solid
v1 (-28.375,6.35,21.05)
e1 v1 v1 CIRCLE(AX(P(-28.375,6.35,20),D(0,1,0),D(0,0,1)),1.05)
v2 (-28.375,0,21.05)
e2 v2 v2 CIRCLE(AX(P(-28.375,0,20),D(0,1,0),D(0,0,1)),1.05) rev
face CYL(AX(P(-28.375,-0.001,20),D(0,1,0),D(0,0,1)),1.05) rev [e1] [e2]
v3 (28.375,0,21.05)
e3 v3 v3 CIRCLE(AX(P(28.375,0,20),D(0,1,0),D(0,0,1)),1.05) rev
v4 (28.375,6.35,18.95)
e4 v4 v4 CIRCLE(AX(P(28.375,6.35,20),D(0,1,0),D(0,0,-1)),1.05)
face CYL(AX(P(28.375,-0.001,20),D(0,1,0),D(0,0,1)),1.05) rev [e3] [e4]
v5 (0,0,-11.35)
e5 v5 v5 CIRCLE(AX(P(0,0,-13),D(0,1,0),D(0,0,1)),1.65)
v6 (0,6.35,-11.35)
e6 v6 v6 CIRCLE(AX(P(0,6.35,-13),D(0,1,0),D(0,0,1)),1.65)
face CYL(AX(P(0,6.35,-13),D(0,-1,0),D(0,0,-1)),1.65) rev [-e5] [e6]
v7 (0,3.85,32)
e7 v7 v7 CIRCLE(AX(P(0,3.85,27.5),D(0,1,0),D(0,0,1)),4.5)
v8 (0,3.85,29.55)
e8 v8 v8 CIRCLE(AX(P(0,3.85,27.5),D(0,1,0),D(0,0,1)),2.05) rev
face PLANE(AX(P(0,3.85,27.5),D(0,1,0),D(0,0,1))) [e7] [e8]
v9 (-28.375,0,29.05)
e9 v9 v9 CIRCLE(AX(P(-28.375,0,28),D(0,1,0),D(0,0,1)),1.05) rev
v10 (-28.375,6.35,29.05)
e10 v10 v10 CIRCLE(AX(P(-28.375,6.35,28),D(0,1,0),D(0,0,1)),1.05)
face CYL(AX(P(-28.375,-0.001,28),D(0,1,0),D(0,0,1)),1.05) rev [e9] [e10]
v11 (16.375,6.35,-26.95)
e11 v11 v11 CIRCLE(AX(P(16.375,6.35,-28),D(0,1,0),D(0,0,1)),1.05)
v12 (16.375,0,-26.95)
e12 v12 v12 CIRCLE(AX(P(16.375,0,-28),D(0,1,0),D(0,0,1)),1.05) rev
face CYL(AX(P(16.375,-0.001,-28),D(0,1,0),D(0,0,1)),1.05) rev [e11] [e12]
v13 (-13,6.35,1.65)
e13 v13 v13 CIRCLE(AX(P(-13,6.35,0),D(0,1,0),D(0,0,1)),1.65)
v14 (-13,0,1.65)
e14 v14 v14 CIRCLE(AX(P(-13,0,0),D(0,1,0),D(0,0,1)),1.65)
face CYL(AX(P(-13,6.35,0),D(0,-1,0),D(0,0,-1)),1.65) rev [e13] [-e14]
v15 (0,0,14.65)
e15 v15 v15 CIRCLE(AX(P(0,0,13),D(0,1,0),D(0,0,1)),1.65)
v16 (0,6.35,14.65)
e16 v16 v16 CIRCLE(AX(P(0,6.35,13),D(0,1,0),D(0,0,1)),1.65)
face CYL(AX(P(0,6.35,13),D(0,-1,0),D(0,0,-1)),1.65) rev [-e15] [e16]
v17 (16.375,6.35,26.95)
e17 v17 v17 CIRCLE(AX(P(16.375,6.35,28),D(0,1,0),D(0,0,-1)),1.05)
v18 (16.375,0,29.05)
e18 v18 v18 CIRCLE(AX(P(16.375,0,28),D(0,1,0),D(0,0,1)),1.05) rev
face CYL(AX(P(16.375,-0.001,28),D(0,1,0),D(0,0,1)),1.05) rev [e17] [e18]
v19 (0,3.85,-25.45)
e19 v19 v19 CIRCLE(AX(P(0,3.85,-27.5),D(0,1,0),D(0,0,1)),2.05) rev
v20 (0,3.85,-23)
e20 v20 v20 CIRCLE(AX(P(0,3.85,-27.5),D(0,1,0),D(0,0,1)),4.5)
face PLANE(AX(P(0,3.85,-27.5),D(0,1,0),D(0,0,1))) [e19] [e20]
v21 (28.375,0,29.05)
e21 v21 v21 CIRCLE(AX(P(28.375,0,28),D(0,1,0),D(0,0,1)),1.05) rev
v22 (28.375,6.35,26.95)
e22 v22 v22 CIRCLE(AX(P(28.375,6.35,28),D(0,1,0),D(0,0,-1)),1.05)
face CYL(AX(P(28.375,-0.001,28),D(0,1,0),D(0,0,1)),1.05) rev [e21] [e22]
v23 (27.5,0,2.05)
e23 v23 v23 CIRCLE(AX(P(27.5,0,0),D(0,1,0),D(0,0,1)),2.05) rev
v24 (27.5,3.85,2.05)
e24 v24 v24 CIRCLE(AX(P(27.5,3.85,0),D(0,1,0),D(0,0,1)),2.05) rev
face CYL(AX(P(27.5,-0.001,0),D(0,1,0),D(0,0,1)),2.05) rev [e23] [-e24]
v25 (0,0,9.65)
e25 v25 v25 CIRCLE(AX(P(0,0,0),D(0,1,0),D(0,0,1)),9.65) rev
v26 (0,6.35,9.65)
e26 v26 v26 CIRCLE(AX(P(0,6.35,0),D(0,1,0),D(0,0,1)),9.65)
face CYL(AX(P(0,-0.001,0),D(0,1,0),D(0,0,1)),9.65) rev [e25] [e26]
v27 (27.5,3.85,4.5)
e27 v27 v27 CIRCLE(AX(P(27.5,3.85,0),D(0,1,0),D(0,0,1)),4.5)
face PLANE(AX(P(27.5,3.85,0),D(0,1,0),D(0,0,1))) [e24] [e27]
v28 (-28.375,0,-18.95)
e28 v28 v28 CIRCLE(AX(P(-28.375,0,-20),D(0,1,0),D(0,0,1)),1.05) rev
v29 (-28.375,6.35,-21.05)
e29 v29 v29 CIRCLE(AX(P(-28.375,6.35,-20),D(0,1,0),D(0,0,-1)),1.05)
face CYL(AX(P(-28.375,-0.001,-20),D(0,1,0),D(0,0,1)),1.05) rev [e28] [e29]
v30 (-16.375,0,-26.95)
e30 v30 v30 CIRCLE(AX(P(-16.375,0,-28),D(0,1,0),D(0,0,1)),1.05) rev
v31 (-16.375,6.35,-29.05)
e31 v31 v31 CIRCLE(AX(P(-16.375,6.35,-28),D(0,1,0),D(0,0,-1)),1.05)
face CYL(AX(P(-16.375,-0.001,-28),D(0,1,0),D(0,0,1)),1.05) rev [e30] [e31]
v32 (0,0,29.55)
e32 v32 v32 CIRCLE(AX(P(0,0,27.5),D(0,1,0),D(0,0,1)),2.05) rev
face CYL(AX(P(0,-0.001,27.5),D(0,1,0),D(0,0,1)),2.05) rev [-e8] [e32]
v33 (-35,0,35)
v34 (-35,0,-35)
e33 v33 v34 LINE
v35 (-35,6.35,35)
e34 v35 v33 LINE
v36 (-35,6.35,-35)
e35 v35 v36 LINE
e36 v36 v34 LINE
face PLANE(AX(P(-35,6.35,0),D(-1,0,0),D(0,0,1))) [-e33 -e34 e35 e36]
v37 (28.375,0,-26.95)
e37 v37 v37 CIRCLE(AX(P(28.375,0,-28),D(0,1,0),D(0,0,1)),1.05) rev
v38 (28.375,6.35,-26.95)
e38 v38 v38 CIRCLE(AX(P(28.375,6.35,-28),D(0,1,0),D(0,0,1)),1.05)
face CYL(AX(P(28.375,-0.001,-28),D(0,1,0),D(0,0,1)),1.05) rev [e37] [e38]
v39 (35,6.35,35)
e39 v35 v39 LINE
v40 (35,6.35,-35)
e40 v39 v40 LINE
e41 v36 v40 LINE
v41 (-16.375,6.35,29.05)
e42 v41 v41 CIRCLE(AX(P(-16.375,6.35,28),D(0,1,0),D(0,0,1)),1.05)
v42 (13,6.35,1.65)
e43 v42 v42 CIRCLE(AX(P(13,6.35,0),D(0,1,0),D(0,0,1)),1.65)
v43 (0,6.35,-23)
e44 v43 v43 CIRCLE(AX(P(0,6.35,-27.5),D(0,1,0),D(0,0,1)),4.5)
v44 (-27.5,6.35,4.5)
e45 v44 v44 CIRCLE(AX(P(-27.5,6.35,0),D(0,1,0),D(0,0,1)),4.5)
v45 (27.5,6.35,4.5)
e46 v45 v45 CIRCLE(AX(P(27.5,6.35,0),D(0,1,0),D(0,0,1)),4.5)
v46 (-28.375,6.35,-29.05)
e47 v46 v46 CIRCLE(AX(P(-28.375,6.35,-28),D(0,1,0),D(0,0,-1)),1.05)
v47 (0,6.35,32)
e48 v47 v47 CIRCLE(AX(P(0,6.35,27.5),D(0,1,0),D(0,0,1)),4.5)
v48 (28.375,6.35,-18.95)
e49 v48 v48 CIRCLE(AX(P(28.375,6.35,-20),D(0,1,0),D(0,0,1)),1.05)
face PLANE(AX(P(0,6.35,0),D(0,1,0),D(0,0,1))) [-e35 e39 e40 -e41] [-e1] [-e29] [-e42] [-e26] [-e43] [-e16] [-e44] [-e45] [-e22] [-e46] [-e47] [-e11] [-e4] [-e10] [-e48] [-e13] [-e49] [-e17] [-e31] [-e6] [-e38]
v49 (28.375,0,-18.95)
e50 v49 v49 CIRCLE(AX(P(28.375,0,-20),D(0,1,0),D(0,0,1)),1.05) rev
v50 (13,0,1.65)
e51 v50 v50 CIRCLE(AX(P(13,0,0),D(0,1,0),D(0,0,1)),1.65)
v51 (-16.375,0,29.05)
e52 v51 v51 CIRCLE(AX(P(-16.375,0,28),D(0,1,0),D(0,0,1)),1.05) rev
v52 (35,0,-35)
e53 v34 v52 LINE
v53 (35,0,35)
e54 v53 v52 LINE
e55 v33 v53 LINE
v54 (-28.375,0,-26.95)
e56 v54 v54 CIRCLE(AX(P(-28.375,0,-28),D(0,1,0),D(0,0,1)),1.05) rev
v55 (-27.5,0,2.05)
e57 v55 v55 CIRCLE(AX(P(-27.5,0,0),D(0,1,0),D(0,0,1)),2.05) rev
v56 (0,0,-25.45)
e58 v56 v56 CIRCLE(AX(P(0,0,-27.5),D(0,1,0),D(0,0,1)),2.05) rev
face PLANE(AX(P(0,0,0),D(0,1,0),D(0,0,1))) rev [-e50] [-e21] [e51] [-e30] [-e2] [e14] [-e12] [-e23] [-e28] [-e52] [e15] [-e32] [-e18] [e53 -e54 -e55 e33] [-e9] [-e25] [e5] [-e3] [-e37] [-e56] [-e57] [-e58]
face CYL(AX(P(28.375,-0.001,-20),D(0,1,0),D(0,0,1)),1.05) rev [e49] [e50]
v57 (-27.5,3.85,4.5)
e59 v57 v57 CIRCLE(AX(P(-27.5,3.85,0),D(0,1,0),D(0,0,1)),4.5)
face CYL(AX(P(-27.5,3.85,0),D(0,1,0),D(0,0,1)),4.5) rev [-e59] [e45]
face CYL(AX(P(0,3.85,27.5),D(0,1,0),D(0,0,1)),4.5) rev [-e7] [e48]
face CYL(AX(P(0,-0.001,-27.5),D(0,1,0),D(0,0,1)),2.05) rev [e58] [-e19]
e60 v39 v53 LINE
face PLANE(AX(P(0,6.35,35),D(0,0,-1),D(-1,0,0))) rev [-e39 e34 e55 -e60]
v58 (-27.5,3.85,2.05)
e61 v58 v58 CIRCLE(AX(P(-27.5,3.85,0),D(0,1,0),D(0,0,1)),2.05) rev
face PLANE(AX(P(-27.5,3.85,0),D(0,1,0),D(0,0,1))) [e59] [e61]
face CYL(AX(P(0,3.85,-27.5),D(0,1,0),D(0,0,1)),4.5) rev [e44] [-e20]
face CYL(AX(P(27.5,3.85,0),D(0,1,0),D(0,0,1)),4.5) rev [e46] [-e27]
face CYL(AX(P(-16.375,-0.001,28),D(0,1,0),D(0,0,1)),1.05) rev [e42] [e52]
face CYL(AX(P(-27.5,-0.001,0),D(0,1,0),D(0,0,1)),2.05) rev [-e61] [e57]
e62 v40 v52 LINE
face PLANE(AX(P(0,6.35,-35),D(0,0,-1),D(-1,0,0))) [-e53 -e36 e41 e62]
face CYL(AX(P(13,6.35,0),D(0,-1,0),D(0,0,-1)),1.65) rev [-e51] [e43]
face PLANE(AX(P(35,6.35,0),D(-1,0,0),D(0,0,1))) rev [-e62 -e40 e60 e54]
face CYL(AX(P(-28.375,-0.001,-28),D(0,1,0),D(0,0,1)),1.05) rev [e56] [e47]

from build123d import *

# Parameters (mm, degrees)
SKETCH1_W           = 70
SKETCH1_H           = 70
SKETCH1_R           = 1.65
BOSS_EXTRUDE1_DEPTH = 6.35
CUT_EXTRUDE1_REACH  = 51.903
SKETCH2_R           = 1.05
CUT_EXTRUDE2_REACH  = 51.903
SKETCH3_R           = 9.65
CUT_EXTRUDE3_REACH  = 51.903
SKETCH4_R           = 2.05
SKETCH5_R           = 4.5
CUT_EXTRUDE4_DEPTH  = 2.5


with BuildPart() as part:
    # Sketch1 → Boss-Extrude1 (new body)
    with BuildSketch(Plane(origin=(0, 0, 0), x_dir=(1, 0, 0), z_dir=(0, 1, 0))):
        Rectangle(SKETCH1_W, SKETCH1_H)
        with Locations(Location((0, 13, 0), (0, 0, 270))):
            Circle(SKETCH1_R, mode=Mode.SUBTRACT)
        with Locations(Location((13, 0, 0), (0, 0, 270))):
            Circle(SKETCH1_R, mode=Mode.SUBTRACT)
        with Locations(Location((0, -13, 0), (0, 0, 270))):
            Circle(SKETCH1_R, mode=Mode.SUBTRACT)
        with Locations(Location((-13, 0, 0), (0, 0, 270))):
            Circle(SKETCH1_R, mode=Mode.SUBTRACT)
    extrude(amount=BOSS_EXTRUDE1_DEPTH)

    # Sketch2 → Cut-Extrude1 (cut, up to next)
    with BuildSketch(Plane(origin=(0, 6.35, 0), x_dir=(1, 0, 0), z_dir=(0, 1, 0)), mode=Mode.PRIVATE) as cut_extrude1_sk1:
        with Locations(Location((16.375, 28, 0), (0, 0, 270))):
            Circle(SKETCH2_R)
    cut_extrude1_tool1 = extrude(cut_extrude1_sk1.sketch, amount=-CUT_EXTRUDE1_REACH, mode=Mode.PRIVATE) & part.part
    # Sketch2 → Cut-Extrude1 (cut, up to next)
    with BuildSketch(Plane(origin=(0, 6.35, 0), x_dir=(1, 0, 0), z_dir=(0, 1, 0)), mode=Mode.PRIVATE) as cut_extrude1_sk2:
        with Locations(Location((28.375, 28, 0), (0, 0, 270))):
            Circle(SKETCH2_R)
    cut_extrude1_tool2 = extrude(cut_extrude1_sk2.sketch, amount=-CUT_EXTRUDE1_REACH, mode=Mode.PRIVATE) & part.part
    # Sketch2 → Cut-Extrude1 (cut, up to next)
    with BuildSketch(Plane(origin=(0, 6.35, 0), x_dir=(1, 0, 0), z_dir=(0, 1, 0)), mode=Mode.PRIVATE) as cut_extrude1_sk3:
        with Locations(Location((28.375, 20, 0), (0, 0, 270))):
            Circle(SKETCH2_R)
    cut_extrude1_tool3 = extrude(cut_extrude1_sk3.sketch, amount=-CUT_EXTRUDE1_REACH, mode=Mode.PRIVATE) & part.part
    # Sketch2 → Cut-Extrude1 (cut, up to next)
    with BuildSketch(Plane(origin=(0, 6.35, 0), x_dir=(1, 0, 0), z_dir=(0, 1, 0)), mode=Mode.PRIVATE) as cut_extrude1_sk4:
        with Locations(Location((-28.375, 20, 0), (0, 0, 270))):
            Circle(SKETCH2_R)
    cut_extrude1_tool4 = extrude(cut_extrude1_sk4.sketch, amount=-CUT_EXTRUDE1_REACH, mode=Mode.PRIVATE) & part.part
    # Sketch2 → Cut-Extrude1 (cut, up to next)
    with BuildSketch(Plane(origin=(0, 6.35, 0), x_dir=(1, 0, 0), z_dir=(0, 1, 0)), mode=Mode.PRIVATE) as cut_extrude1_sk5:
        with Locations(Location((-28.375, 28, 0), (0, 0, 270))):
            Circle(SKETCH2_R)
    cut_extrude1_tool5 = extrude(cut_extrude1_sk5.sketch, amount=-CUT_EXTRUDE1_REACH, mode=Mode.PRIVATE) & part.part
    # Sketch2 → Cut-Extrude1 (cut, up to next)
    with BuildSketch(Plane(origin=(0, 6.35, 0), x_dir=(1, 0, 0), z_dir=(0, 1, 0)), mode=Mode.PRIVATE) as cut_extrude1_sk6:
        with Locations(Location((-16.375, 28, 0), (0, 0, 270))):
            Circle(SKETCH2_R)
    cut_extrude1_tool6 = extrude(cut_extrude1_sk6.sketch, amount=-CUT_EXTRUDE1_REACH, mode=Mode.PRIVATE) & part.part
    # Sketch2 → Cut-Extrude1 (cut, up to next)
    with BuildSketch(Plane(origin=(0, 6.35, 0), x_dir=(1, 0, 0), z_dir=(0, 1, 0)), mode=Mode.PRIVATE) as cut_extrude1_sk7:
        with Locations(Location((28.375, -20, 0), (0, 0, 270))):
            Circle(SKETCH2_R)
    cut_extrude1_tool7 = extrude(cut_extrude1_sk7.sketch, amount=-CUT_EXTRUDE1_REACH, mode=Mode.PRIVATE) & part.part
    # Sketch2 → Cut-Extrude1 (cut, up to next)
    with BuildSketch(Plane(origin=(0, 6.35, 0), x_dir=(1, 0, 0), z_dir=(0, 1, 0)), mode=Mode.PRIVATE) as cut_extrude1_sk8:
        with Locations(Location((28.375, -28, 0), (0, 0, 270))):
            Circle(SKETCH2_R)
    cut_extrude1_tool8 = extrude(cut_extrude1_sk8.sketch, amount=-CUT_EXTRUDE1_REACH, mode=Mode.PRIVATE) & part.part
    # Sketch2 → Cut-Extrude1 (cut, up to next)
    with BuildSketch(Plane(origin=(0, 6.35, 0), x_dir=(1, 0, 0), z_dir=(0, 1, 0)), mode=Mode.PRIVATE) as cut_extrude1_sk9:
        with Locations(Location((16.375, -28, 0), (0, 0, 270))):
            Circle(SKETCH2_R)
    cut_extrude1_tool9 = extrude(cut_extrude1_sk9.sketch, amount=-CUT_EXTRUDE1_REACH, mode=Mode.PRIVATE) & part.part
    # Sketch2 → Cut-Extrude1 (cut, up to next)
    with BuildSketch(Plane(origin=(0, 6.35, 0), x_dir=(1, 0, 0), z_dir=(0, 1, 0)), mode=Mode.PRIVATE) as cut_extrude1_sk10:
        with Locations(Location((-16.375, -28, 0), (0, 0, 270))):
            Circle(SKETCH2_R)
    cut_extrude1_tool10 = extrude(cut_extrude1_sk10.sketch, amount=-CUT_EXTRUDE1_REACH, mode=Mode.PRIVATE) & part.part
    # Sketch2 → Cut-Extrude1 (cut, up to next)
    with BuildSketch(Plane(origin=(0, 6.35, 0), x_dir=(1, 0, 0), z_dir=(0, 1, 0)), mode=Mode.PRIVATE) as cut_extrude1_sk11:
        with Locations(Location((-28.375, -20, 0), (0, 0, 270))):
            Circle(SKETCH2_R)
    cut_extrude1_tool11 = extrude(cut_extrude1_sk11.sketch, amount=-CUT_EXTRUDE1_REACH, mode=Mode.PRIVATE) & part.part
    # Sketch2 → Cut-Extrude1 (cut, up to next)
    with BuildSketch(Plane(origin=(0, 6.35, 0), x_dir=(1, 0, 0), z_dir=(0, 1, 0)), mode=Mode.PRIVATE) as cut_extrude1_sk12:
        with Locations(Location((-28.375, -28, 0), (0, 0, 270))):
            Circle(SKETCH2_R)
    cut_extrude1_tool12 = extrude(cut_extrude1_sk12.sketch, amount=-CUT_EXTRUDE1_REACH, mode=Mode.PRIVATE) & part.part
    add(cut_extrude1_tool1.solids().sort_by_distance((16.375, 6.35, -28))[0], mode=Mode.SUBTRACT)
    add(cut_extrude1_tool2.solids().sort_by_distance((28.375, 6.35, -28))[0], mode=Mode.SUBTRACT)
    add(cut_extrude1_tool3.solids().sort_by_distance((28.375, 6.35, -20))[0], mode=Mode.SUBTRACT)
    add(cut_extrude1_tool4.solids().sort_by_distance((-28.375, 6.35, -20))[0], mode=Mode.SUBTRACT)
    add(cut_extrude1_tool5.solids().sort_by_distance((-28.375, 6.35, -28))[0], mode=Mode.SUBTRACT)
    add(cut_extrude1_tool6.solids().sort_by_distance((-16.375, 6.35, -28))[0], mode=Mode.SUBTRACT)
    add(cut_extrude1_tool7.solids().sort_by_distance((28.375, 6.35, 20))[0], mode=Mode.SUBTRACT)
    add(cut_extrude1_tool8.solids().sort_by_distance((28.375, 6.35, 28))[0], mode=Mode.SUBTRACT)
    add(cut_extrude1_tool9.solids().sort_by_distance((16.375, 6.35, 28))[0], mode=Mode.SUBTRACT)
    add(cut_extrude1_tool10.solids().sort_by_distance((-16.375, 6.35, 28))[0], mode=Mode.SUBTRACT)
    add(cut_extrude1_tool11.solids().sort_by_distance((-28.375, 6.35, 20))[0], mode=Mode.SUBTRACT)
    add(cut_extrude1_tool12.solids().sort_by_distance((-28.375, 6.35, 28))[0], mode=Mode.SUBTRACT)

    # Sketch3 → Cut-Extrude2 (cut, up to next)
    with BuildSketch(Plane(origin=(0, 6.35, 0), x_dir=(1, 0, 0), z_dir=(0, 1, 0)), mode=Mode.PRIVATE) as cut_extrude2_sk1:
        with Locations(Location((0, 0, 0), (0, 0, 270))):
            Circle(SKETCH3_R)
    cut_extrude2_tool1 = extrude(cut_extrude2_sk1.sketch, amount=-CUT_EXTRUDE2_REACH, mode=Mode.PRIVATE) & part.part
    add(cut_extrude2_tool1.solids().sort_by_distance((0, 6.35, 0))[0], mode=Mode.SUBTRACT)

    # Sketch4 → Cut-Extrude3 (cut, up to next)
    with BuildSketch(Plane(origin=(0, 6.35, 0), x_dir=(1, 0, 0), z_dir=(0, 1, 0)), mode=Mode.PRIVATE) as cut_extrude3_sk1:
        with Locations(Location((0, 27.5, 0), (0, 0, 270))):
            Circle(SKETCH4_R)
    cut_extrude3_tool1 = extrude(cut_extrude3_sk1.sketch, amount=-CUT_EXTRUDE3_REACH, mode=Mode.PRIVATE) & part.part
    # Sketch4 → Cut-Extrude3 (cut, up to next)
    with BuildSketch(Plane(origin=(0, 6.35, 0), x_dir=(1, 0, 0), z_dir=(0, 1, 0)), mode=Mode.PRIVATE) as cut_extrude3_sk2:
        with Locations(Location((27.5, 0, 0), (0, 0, 270))):
            Circle(SKETCH4_R)
    cut_extrude3_tool2 = extrude(cut_extrude3_sk2.sketch, amount=-CUT_EXTRUDE3_REACH, mode=Mode.PRIVATE) & part.part
    # Sketch4 → Cut-Extrude3 (cut, up to next)
    with BuildSketch(Plane(origin=(0, 6.35, 0), x_dir=(1, 0, 0), z_dir=(0, 1, 0)), mode=Mode.PRIVATE) as cut_extrude3_sk3:
        with Locations(Location((0, -27.5, 0), (0, 0, 270))):
            Circle(SKETCH4_R)
    cut_extrude3_tool3 = extrude(cut_extrude3_sk3.sketch, amount=-CUT_EXTRUDE3_REACH, mode=Mode.PRIVATE) & part.part
    # Sketch4 → Cut-Extrude3 (cut, up to next)
    with BuildSketch(Plane(origin=(0, 6.35, 0), x_dir=(1, 0, 0), z_dir=(0, 1, 0)), mode=Mode.PRIVATE) as cut_extrude3_sk4:
        with Locations(Location((-27.5, 0, 0), (0, 0, 270))):
            Circle(SKETCH4_R)
    cut_extrude3_tool4 = extrude(cut_extrude3_sk4.sketch, amount=-CUT_EXTRUDE3_REACH, mode=Mode.PRIVATE) & part.part
    add(cut_extrude3_tool1.solids().sort_by_distance((0, 6.35, -27.5))[0], mode=Mode.SUBTRACT)
    add(cut_extrude3_tool2.solids().sort_by_distance((27.5, 6.35, 0))[0], mode=Mode.SUBTRACT)
    add(cut_extrude3_tool3.solids().sort_by_distance((0, 6.35, 27.5))[0], mode=Mode.SUBTRACT)
    add(cut_extrude3_tool4.solids().sort_by_distance((-27.5, 6.35, 0))[0], mode=Mode.SUBTRACT)

    # Sketch5 → Cut-Extrude4 (cut)
    with BuildSketch(Plane(origin=(0, 6.35, 0), x_dir=(1, 0, 0), z_dir=(0, 1, 0))):
        with Locations(Location((0, 27.5, 0), (0, 0, 270))):
            Circle(SKETCH5_R)
        with Locations(Location((27.5, 0, 0), (0, 0, 270))):
            Circle(SKETCH5_R)
        with Locations(Location((0, -27.5, 0), (0, 0, 270))):
            Circle(SKETCH5_R)
        with Locations(Location((-27.5, 0, 0), (0, 0, 270))):
            Circle(SKETCH5_R)
    extrude(amount=-CUT_EXTRUDE4_DEPTH, mode=Mode.SUBTRACT)


solid = part.part
